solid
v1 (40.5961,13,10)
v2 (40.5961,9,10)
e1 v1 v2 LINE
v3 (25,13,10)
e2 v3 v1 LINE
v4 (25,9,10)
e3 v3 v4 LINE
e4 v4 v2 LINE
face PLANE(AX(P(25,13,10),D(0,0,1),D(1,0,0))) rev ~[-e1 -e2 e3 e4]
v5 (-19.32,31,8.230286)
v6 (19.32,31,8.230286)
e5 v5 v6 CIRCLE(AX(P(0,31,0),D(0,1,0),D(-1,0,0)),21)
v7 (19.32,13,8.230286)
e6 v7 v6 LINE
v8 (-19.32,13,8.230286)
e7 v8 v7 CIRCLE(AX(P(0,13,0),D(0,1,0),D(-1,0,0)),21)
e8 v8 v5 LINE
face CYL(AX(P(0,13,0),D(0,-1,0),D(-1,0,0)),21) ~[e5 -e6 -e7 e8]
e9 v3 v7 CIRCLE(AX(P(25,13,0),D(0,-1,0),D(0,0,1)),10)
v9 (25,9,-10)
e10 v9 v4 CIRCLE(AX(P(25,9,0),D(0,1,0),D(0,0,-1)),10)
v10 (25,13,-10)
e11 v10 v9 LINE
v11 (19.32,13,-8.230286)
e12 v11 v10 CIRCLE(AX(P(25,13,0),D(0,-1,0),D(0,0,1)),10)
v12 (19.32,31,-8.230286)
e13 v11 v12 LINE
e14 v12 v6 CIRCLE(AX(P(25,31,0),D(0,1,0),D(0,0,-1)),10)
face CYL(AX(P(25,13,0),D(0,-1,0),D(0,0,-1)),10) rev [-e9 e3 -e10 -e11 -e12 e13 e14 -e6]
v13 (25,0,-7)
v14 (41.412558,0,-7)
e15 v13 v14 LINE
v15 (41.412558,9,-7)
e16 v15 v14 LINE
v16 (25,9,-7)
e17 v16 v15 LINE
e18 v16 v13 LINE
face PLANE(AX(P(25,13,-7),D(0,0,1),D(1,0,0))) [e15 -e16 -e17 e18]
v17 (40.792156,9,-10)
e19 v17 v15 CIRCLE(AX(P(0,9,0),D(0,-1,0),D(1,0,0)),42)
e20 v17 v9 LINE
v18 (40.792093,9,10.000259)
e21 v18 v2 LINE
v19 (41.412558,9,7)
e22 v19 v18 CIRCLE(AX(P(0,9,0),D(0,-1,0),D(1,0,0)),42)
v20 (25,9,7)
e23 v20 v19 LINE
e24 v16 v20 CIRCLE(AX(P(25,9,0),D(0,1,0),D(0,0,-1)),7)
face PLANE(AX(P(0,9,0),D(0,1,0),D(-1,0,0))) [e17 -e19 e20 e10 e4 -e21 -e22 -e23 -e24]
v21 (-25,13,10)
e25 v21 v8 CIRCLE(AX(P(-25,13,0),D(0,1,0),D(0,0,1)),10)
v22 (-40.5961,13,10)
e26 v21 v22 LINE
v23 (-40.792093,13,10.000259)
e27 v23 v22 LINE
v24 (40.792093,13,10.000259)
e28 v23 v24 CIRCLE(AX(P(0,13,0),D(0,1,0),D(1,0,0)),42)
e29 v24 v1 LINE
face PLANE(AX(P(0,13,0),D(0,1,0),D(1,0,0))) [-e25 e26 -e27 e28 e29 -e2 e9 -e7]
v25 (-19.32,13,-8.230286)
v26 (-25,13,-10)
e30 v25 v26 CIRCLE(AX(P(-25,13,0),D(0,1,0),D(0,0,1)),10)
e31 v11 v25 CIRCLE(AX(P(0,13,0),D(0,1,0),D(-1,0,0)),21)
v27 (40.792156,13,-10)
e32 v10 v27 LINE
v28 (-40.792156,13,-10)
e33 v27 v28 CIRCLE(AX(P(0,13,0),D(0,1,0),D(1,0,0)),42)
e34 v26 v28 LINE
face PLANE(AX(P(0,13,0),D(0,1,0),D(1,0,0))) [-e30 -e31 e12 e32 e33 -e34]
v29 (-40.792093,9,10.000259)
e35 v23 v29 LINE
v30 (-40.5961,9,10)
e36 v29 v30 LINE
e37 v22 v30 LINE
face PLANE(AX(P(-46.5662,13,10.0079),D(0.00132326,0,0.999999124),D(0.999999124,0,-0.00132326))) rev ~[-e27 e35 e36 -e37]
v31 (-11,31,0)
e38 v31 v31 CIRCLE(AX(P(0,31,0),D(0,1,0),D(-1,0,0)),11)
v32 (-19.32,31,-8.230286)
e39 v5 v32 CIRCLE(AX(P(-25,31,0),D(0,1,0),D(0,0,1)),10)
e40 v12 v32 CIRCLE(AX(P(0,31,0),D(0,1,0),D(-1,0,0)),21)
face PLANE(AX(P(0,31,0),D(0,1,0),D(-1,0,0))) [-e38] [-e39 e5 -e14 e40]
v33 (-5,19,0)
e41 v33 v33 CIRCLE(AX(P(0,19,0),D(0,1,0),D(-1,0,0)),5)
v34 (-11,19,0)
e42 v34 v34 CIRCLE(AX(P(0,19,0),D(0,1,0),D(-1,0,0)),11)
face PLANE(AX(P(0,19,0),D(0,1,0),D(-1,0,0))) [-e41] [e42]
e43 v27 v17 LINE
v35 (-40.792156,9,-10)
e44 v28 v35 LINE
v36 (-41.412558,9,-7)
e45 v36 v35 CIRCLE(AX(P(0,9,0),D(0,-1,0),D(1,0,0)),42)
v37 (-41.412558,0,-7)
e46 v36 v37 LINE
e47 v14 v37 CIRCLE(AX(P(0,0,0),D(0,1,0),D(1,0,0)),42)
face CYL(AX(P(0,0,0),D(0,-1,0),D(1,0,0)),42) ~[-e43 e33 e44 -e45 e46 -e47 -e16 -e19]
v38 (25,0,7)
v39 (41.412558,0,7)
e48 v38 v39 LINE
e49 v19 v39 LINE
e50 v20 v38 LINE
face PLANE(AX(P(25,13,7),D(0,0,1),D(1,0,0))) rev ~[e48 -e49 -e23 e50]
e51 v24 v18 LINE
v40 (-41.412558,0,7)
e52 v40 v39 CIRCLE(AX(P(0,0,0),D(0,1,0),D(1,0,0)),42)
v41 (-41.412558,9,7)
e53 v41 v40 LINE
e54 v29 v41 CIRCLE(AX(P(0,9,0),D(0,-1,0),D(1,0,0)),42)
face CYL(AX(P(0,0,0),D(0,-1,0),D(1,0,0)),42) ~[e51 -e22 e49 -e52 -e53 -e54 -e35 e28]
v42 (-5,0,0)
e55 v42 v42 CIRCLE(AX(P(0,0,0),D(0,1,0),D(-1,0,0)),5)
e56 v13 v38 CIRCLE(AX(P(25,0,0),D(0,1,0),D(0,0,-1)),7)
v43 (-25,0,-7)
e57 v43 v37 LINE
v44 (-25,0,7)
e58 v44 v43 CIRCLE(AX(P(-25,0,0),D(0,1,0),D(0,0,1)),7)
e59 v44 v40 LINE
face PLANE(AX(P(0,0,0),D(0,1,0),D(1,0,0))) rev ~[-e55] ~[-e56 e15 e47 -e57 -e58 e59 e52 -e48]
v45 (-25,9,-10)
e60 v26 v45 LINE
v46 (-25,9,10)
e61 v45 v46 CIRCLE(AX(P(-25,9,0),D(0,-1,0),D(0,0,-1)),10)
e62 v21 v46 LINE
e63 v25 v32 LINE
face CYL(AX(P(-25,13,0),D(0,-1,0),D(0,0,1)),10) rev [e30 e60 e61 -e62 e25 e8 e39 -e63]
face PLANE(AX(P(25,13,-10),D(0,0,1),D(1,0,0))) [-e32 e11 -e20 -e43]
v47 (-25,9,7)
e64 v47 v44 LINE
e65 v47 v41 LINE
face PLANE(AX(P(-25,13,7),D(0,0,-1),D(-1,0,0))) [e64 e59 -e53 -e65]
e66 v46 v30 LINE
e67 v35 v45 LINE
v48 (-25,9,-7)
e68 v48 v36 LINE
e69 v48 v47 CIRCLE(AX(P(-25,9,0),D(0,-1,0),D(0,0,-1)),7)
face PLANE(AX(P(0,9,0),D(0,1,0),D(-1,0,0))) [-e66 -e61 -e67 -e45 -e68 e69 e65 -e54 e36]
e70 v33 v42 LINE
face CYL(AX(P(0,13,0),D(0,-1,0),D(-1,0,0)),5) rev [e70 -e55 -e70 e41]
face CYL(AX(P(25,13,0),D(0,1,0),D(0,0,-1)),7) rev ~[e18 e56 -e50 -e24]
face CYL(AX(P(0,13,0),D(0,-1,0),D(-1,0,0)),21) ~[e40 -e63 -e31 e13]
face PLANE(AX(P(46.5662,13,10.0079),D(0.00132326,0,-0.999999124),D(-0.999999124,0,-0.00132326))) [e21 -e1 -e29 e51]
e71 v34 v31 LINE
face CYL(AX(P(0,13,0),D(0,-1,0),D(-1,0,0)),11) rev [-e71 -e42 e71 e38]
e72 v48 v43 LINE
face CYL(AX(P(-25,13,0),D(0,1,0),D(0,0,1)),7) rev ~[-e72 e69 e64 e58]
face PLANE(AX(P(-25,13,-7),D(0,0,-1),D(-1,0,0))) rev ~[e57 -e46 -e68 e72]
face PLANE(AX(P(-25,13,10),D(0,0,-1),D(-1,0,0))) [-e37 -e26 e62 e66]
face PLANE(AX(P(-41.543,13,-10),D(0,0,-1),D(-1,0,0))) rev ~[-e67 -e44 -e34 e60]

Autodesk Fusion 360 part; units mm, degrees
sketch "Sketch1" plane through (0, 0, 0) normal (0, 1, 0) x (1, 0, 0)
  circle A0 centre (0, 0) radius 42
  dimension "d1" = 84
extrude "Extrude1" add sketch "Sketch1" along normal blind 13
sketch "Sketch2" plane through (0, 13, 0) normal (0, 1, 0) x (-1, 0, 0)
  circle A0 centre (0, 0) radius 42
sketch "Sketch3" plane through (0, 13, 0) normal (0, 1, 0) x (-1, 0, 0)
  line L0 (0, 0) -> (25, 0) construction
  line L1 (0, 0) -> (-25, 0) construction
  line L2 (-25, 0) -> (-25, 11) construction
  line L3 (-25, 11) -> (-25, -10) construction
  line L4 (-25, -10) -> (-40.3348, -10)
  line L5 (-25, 10) -> (-40.5961, 10)
  arc A0 (-25, -10) -> (-25, 10) centre (-25, 0) ccw
  line L6 (-25, -7) -> (-42.662, -7)
  arc A1 (-25, -7) -> (-25, 7) centre (-25, 0) ccw
  line L7 (-25, 7) -> (-45, 7)
  line L8 (-40.3348, -10) -> (-41.543, -10)
  line L9 (-41.543, -10) -> (-46, -10)
  line L10 (-46, -10) -> (-49, 1)
  line L11 (-49, 1) -> (-46.5662, 10.0079)
  line L12 (-46.5662, 10.0079) -> (-40.5961, 10)
  line L13 (-42.662, -7) -> (-45, 7)
  line L14 (0, -45) -> (0, 45) construction
  arc A2 (25, 10) -> (25, -10) centre (25, 0) ccw
  arc A3 (25, 7) -> (25, -7) centre (25, 0) ccw
  line L15 (25, 7) -> (45, 7)
  line L16 (25, 10) -> (40.5961, 10)
  line L17 (46.5662, 10.0079) -> (40.5961, 10)
  line L18 (49, 1) -> (46.5662, 10.0079)
  line L19 (46, -10) -> (49, 1)
  line L20 (25, -10) -> (40.3348, -10)
  line L21 (41.543, -10) -> (46, -10)
  line L22 (42.662, -7) -> (45, 7)
  line L23 (25, -7) -> (42.662, -7)
  line L24 (40.3348, -10) -> (41.543, -10)
  circle A4 centre (0, 0) radius 21
  circle A5 centre (0, 0) radius 11
  circle A6 centre (0, 0) radius 5
  dimension "d4" = 25
  dimension "d5" = 25
  dimension "d7" = 20
  dimension "d8" = 14
  dimension "d13" = 42
  dimension "d14" = 22
  dimension "d15" = 10
extrude "Extrude4" cut sketch "Sketch3" against normal blind 4 contours L4 L5 A0 L6 A1 L7 L8 L9 L10 L11 L12 L13 A4 | A0 A1 A4 | A2 A3 L15 L16 L17 L18 L19 L20 L21 L22 L23 L24 A4 | A2 A3 A4
extrude "Extrude5" cut sketch "Sketch3" against normal blind 13 contours A1 A4 | L6 A1 L7 L13 A4 | A3 L15 L22 L23 A4 | A3 A4
extrude "Extrude6" cut sketch "Sketch3" against normal blind 13 contours A6
extrude "Extrude7" add sketch "Sketch3" along normal blind 6 contours A5
extrude "Extrude8" add sketch "Sketch3" along normal blind 18 contours A0 A2 A4
